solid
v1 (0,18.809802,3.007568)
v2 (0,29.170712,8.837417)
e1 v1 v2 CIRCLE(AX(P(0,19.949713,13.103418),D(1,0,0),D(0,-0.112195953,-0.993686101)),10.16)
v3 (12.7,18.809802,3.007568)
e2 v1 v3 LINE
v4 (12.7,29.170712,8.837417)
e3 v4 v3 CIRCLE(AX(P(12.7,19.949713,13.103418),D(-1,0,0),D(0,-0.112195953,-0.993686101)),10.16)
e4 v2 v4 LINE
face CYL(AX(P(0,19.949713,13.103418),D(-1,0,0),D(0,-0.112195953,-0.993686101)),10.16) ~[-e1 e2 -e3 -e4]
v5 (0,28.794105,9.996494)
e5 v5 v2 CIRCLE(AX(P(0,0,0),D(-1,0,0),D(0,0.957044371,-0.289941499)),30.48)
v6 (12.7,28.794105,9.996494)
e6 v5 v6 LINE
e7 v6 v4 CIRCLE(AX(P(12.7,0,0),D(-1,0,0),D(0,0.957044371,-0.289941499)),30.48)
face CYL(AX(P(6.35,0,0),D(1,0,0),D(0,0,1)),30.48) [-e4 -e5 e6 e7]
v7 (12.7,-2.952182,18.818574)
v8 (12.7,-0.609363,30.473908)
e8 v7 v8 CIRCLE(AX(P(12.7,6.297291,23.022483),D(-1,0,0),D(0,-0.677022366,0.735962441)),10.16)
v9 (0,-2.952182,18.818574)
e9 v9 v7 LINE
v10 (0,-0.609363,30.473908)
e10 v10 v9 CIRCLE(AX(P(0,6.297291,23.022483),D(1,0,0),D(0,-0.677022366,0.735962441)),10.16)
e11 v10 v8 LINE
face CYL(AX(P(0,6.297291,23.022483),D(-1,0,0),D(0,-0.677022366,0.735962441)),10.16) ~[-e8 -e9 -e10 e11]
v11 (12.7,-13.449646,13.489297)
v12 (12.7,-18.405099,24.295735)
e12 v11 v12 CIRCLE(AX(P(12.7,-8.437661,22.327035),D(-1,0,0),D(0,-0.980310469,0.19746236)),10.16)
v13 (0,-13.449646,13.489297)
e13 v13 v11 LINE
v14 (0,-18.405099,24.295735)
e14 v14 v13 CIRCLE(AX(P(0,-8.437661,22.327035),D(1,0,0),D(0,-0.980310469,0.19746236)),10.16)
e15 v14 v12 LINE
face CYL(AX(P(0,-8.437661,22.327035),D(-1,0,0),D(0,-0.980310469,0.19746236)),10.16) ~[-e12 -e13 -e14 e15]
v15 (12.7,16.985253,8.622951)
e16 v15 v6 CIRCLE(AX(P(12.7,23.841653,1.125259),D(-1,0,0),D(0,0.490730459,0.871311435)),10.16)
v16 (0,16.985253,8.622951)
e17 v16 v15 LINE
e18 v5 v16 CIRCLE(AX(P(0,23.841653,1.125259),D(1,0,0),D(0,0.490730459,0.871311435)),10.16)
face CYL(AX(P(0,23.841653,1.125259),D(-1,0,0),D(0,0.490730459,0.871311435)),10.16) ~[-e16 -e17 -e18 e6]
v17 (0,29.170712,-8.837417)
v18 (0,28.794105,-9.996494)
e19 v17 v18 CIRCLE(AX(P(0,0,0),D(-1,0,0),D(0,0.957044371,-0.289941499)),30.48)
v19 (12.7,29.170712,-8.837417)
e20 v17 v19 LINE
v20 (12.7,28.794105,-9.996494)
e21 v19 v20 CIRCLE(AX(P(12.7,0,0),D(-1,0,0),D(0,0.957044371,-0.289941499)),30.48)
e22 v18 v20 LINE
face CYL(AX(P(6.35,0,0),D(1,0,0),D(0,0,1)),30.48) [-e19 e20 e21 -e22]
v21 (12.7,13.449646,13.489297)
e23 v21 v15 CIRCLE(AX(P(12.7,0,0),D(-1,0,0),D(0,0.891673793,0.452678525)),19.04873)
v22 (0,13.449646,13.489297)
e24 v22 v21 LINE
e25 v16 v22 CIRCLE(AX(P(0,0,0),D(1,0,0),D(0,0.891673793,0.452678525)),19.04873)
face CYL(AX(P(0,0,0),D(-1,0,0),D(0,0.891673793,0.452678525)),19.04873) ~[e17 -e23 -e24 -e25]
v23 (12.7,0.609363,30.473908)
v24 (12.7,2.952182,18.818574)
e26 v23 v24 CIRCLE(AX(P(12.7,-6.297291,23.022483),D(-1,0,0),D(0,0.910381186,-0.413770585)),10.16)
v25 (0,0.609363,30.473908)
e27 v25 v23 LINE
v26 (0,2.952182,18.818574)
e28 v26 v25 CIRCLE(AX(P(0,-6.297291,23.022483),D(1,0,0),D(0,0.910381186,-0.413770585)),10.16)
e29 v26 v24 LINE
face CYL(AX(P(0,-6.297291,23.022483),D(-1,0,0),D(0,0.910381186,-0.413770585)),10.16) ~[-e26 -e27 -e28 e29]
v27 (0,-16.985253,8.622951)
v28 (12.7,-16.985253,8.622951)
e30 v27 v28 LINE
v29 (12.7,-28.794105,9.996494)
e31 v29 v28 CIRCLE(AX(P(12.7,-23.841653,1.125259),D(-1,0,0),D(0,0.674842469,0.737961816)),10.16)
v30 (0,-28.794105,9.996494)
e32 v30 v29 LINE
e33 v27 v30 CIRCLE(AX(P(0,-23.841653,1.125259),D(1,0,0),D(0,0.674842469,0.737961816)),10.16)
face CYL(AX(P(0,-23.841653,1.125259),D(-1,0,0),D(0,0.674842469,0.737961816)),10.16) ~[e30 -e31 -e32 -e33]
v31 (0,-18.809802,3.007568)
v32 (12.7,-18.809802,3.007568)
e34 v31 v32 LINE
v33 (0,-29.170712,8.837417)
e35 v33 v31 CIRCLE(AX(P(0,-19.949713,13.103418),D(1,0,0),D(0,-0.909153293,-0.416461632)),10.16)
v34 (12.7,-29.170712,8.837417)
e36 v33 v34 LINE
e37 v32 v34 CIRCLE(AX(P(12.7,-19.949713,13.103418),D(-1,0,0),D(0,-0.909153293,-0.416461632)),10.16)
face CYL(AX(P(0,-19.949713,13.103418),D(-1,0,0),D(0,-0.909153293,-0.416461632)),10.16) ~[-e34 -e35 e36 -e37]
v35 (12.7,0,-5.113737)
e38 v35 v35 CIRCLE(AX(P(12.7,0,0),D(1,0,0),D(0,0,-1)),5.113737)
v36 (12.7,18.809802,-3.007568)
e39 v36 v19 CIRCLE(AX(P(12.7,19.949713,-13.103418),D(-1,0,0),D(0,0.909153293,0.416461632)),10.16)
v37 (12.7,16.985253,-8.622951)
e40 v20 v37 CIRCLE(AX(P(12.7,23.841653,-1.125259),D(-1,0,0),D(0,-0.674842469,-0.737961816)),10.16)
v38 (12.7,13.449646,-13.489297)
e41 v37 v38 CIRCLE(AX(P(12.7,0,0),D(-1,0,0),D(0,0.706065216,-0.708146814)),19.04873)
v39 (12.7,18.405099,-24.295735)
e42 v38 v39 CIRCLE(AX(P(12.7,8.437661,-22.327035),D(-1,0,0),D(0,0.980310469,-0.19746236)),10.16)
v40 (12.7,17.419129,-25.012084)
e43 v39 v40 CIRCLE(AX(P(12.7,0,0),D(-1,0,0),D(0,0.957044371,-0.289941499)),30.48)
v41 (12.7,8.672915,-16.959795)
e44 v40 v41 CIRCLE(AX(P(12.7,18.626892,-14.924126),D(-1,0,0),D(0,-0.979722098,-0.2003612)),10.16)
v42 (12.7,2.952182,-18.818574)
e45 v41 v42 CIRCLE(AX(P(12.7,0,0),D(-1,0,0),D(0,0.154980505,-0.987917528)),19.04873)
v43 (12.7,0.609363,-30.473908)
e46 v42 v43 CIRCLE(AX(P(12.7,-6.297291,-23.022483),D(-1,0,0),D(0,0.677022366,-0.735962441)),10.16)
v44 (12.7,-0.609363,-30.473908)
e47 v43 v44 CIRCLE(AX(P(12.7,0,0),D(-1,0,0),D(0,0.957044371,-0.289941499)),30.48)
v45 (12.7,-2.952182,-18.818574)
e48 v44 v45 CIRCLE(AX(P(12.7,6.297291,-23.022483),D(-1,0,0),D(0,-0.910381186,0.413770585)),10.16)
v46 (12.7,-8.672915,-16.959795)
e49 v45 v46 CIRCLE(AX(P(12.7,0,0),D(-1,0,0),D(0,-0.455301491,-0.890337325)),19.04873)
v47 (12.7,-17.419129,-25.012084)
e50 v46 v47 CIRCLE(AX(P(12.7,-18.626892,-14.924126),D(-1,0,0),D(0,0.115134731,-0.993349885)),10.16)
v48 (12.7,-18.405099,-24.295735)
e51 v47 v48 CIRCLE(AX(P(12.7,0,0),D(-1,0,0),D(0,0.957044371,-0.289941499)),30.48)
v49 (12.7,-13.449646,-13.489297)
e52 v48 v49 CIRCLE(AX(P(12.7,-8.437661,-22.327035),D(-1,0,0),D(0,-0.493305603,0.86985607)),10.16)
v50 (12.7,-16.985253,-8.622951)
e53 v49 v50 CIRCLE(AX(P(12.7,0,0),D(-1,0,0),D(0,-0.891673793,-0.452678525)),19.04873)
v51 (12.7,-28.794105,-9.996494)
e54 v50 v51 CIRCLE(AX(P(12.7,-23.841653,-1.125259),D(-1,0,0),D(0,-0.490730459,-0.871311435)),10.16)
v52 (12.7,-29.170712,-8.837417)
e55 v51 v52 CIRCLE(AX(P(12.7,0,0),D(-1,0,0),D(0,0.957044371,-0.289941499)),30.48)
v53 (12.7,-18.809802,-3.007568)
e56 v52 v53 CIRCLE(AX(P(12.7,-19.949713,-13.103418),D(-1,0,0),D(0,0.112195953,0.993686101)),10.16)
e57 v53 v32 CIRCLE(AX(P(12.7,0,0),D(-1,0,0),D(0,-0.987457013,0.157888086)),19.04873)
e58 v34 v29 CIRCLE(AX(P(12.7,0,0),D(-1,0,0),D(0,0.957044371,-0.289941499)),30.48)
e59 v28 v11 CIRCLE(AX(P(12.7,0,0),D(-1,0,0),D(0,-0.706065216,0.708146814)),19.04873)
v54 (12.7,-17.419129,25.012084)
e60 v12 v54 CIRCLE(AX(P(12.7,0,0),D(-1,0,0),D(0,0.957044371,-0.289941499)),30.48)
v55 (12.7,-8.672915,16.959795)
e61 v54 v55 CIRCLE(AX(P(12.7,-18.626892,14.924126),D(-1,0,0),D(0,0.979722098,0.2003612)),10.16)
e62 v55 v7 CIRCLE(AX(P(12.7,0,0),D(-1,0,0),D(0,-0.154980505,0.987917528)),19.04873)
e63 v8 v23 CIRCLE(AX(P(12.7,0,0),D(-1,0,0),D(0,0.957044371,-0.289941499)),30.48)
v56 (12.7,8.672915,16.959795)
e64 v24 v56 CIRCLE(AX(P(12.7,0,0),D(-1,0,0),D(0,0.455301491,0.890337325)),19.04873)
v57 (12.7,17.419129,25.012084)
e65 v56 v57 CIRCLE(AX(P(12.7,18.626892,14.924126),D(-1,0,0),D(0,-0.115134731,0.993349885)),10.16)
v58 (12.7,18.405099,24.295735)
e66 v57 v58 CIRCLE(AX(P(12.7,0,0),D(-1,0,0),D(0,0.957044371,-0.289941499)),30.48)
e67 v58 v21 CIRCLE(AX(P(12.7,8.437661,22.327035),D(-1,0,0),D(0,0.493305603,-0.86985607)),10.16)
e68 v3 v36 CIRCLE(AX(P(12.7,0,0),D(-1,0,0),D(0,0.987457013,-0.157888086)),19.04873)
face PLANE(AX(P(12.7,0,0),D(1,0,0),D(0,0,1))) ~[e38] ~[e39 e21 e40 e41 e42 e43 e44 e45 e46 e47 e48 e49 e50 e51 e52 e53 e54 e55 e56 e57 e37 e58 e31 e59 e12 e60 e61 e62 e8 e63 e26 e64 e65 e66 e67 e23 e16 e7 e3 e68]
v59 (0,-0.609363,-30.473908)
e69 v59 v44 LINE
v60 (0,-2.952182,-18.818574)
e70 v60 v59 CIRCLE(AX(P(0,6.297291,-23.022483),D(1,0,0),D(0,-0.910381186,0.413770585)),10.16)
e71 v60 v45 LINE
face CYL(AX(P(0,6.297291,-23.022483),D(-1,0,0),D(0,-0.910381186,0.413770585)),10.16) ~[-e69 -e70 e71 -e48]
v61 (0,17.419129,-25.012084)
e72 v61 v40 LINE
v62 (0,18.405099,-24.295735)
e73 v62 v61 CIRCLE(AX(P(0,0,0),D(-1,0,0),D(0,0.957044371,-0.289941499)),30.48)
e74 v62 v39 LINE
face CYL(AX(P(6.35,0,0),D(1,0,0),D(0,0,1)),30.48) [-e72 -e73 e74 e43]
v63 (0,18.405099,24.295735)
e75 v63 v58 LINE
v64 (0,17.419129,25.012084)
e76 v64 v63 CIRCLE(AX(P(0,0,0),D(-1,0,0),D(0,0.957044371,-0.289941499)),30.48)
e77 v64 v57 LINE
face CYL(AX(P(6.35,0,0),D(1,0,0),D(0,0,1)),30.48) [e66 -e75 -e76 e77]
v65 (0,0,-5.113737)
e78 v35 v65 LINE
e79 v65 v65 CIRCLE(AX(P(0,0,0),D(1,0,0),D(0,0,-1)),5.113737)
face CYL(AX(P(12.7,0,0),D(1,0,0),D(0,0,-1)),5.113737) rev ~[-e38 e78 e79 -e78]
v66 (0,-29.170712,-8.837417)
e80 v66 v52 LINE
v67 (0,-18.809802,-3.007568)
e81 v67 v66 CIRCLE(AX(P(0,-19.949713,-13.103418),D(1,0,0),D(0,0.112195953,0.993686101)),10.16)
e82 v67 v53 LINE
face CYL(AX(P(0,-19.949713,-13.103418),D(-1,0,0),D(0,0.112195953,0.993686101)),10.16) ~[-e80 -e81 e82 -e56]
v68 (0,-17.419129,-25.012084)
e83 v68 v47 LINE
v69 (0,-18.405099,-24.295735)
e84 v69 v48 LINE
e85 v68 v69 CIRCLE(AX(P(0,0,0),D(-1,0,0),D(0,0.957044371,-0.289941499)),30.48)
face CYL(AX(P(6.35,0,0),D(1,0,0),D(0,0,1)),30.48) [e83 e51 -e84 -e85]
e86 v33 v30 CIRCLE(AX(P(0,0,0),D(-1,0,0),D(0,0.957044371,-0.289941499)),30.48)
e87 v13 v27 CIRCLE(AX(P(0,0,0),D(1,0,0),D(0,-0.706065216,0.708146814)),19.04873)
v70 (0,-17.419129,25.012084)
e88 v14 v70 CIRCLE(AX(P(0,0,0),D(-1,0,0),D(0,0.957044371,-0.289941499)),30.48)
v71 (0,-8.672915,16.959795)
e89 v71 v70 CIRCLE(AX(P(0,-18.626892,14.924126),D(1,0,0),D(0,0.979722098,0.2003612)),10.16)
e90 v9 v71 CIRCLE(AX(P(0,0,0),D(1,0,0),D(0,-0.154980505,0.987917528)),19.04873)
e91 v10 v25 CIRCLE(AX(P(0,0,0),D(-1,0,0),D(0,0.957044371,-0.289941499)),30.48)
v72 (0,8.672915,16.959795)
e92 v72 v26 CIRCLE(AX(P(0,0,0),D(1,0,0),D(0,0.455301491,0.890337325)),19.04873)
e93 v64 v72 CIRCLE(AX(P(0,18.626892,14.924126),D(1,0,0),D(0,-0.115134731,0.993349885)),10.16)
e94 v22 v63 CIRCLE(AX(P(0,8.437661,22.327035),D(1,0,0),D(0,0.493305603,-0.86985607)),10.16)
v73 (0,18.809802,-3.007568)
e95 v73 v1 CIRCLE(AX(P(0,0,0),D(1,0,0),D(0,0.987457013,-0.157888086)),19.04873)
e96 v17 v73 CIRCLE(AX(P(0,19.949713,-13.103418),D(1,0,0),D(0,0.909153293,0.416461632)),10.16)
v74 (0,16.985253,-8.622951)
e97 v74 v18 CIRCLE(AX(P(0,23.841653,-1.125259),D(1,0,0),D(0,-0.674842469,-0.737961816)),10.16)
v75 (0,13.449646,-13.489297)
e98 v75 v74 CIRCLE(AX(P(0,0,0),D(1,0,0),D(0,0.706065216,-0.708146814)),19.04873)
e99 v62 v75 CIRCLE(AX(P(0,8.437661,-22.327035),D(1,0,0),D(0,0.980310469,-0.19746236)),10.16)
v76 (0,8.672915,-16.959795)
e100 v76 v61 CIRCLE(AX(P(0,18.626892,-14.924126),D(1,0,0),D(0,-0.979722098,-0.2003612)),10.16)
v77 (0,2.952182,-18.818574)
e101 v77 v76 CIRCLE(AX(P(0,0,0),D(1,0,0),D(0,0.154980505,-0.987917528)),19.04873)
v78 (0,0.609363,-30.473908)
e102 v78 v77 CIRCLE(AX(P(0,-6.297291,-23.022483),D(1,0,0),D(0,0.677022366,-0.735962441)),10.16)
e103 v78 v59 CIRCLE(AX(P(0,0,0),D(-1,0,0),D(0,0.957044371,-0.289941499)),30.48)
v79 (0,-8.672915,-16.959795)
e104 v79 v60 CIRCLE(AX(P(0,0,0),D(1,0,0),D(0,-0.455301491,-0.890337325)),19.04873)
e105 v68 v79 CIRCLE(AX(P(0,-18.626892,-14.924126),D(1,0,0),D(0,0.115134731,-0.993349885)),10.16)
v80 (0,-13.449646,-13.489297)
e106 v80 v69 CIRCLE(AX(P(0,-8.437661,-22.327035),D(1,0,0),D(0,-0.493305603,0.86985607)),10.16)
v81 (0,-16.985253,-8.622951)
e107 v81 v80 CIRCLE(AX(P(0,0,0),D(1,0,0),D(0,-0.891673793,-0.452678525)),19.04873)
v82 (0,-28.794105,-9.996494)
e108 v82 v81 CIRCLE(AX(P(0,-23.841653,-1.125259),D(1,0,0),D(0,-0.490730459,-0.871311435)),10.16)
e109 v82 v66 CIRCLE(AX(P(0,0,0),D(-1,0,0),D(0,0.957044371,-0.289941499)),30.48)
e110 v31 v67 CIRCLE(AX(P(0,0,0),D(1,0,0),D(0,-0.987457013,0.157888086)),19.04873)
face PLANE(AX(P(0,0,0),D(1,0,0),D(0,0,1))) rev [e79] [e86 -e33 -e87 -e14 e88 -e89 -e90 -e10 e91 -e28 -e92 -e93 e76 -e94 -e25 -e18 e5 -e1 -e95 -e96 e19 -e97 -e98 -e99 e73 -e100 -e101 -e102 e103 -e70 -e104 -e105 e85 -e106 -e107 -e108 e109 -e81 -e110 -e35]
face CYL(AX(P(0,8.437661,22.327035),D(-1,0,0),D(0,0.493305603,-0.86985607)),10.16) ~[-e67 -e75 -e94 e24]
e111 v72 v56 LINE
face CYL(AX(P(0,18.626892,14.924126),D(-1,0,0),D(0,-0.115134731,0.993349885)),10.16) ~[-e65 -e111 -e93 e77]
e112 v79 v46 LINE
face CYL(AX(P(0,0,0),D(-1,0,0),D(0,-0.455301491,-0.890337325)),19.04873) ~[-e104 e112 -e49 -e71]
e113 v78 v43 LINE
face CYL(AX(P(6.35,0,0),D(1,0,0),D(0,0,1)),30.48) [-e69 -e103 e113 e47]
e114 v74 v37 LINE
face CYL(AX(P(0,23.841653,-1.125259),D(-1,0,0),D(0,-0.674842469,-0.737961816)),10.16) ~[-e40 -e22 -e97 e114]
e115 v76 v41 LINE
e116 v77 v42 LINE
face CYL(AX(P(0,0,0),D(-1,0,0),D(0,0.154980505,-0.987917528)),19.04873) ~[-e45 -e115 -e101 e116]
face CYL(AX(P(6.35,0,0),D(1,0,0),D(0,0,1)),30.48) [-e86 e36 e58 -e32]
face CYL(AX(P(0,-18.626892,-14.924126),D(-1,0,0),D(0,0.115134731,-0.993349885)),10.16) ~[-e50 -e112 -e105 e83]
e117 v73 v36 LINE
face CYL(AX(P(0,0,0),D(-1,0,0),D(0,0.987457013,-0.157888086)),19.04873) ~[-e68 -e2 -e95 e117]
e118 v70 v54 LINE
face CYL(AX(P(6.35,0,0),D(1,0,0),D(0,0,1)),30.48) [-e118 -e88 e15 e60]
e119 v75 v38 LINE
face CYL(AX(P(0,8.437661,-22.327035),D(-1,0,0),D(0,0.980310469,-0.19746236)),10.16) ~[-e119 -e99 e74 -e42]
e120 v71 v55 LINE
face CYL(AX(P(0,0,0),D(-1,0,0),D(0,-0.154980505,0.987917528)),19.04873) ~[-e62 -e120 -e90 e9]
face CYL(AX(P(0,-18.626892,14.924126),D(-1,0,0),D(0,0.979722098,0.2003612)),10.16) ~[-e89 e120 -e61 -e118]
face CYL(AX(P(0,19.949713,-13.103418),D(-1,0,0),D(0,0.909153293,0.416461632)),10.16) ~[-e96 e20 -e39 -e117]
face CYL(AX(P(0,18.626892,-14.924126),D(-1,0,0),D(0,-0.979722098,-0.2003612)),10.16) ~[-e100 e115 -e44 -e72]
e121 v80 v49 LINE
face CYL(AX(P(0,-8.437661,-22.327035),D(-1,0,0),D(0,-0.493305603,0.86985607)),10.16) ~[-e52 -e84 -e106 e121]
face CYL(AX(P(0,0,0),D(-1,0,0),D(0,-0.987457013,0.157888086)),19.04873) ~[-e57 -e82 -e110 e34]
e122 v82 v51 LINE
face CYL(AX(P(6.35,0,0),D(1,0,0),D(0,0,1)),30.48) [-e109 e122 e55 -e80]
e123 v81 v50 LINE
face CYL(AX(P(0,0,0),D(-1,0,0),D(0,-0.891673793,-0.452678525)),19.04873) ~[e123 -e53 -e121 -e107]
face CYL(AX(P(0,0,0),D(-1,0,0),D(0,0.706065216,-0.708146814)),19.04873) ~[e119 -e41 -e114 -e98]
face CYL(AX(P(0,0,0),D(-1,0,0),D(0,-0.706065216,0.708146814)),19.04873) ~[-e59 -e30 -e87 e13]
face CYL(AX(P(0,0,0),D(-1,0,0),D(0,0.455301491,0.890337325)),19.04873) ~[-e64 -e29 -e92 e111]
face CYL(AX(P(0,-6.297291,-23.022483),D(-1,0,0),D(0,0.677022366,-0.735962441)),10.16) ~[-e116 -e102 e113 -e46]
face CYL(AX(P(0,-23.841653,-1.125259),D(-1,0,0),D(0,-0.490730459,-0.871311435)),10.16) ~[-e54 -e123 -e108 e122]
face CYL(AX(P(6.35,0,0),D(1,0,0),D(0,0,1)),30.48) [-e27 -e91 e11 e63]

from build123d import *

# Parameters (mm, degrees)
BASPROSKE_W        = 12.7
BASPROSKE_H        = 30.48
TOOTHCUT_DEPTH     = 45.937187273
TEETHCUTS_COUNT    = 10
TEETHCUTS_ANGLE    = 324
BORSKE_R           = 0.396875
BORE_DEPTH         = 50.8000508
SKETCH1_R          = 5.113736545
CUT_EXTRUDE1_DEPTH = 45.059628491


with BuildPart() as part:
    # BasProSke → Base-Revolve (revolve)
    with BuildSketch(Plane(origin=(0, 0, 0), x_dir=(1, 0, 0), z_dir=(0, 1, 0)), mode=Mode.PRIVATE) as base_revolve_sk:
        with Locations((6.35, 15.24)):
            Rectangle(BASPROSKE_W, BASPROSKE_H)
    revolve(base_revolve_sk.sketch.rotate(Axis((-10, 0, 0), (1, 0, 0)), 180), axis=Axis((-10, 0, 0), (1, 0, 0)))

    # TooCutSke → ToothCut (cut, through all)
    with BuildSketch(Plane(origin=(0, 0, 0), x_dir=(0, 0, -1), z_dir=(1, 0, 0))):
        with BuildLine():
            ThreePointArc((3.007567521, 18.809802025), (0, 19.04873), (-3.007567521, 18.809802025))
            ThreePointArc((-3.007567521, 18.809802025), (-4.258277713, 24.948621571), (-8.872168133, 29.186710362))
            ThreePointArc((-8.872168133, 29.186710362), (0, 30.5054), (8.872168133, 29.186710362))
            ThreePointArc((8.872168133, 29.186710362), (4.258277713, 24.948621571), (3.007567521, 18.809802025))
        make_face()
    toothcut = extrude(amount=TOOTHCUT_DEPTH, mode=Mode.SUBTRACT)

    # TeethCuts: ToothCut ×10 about axis
    teethcuts_axis = Axis((-10, 0, 0), (1, 0, 0))
    for i in range(1, TEETHCUTS_COUNT):
        add(toothcut.rotate(teethcuts_axis, i * TEETHCUTS_ANGLE / (TEETHCUTS_COUNT - 1)), mode=Mode.SUBTRACT)

    # BorSke → Bore (cut, symmetric)
    with BuildSketch(Plane(origin=(0, 0, 0), x_dir=(0, 0, -1), z_dir=(1, 0, 0))):
        with Locations(Location((0, 0, 0), (0, 0, 180))):
            Circle(BORSKE_R)
    extrude(amount=BORE_DEPTH, both=True, mode=Mode.SUBTRACT)

    # Sketch1 → Cut-Extrude1 (cut, through all)
    with BuildSketch(Plane(origin=(12.7, 0, 0), x_dir=(0, 0, -1), z_dir=(1, 0, 0))):
        Circle(SKETCH1_R)
    extrude(amount=-CUT_EXTRUDE1_DEPTH, mode=Mode.SUBTRACT)


solid = part.part
